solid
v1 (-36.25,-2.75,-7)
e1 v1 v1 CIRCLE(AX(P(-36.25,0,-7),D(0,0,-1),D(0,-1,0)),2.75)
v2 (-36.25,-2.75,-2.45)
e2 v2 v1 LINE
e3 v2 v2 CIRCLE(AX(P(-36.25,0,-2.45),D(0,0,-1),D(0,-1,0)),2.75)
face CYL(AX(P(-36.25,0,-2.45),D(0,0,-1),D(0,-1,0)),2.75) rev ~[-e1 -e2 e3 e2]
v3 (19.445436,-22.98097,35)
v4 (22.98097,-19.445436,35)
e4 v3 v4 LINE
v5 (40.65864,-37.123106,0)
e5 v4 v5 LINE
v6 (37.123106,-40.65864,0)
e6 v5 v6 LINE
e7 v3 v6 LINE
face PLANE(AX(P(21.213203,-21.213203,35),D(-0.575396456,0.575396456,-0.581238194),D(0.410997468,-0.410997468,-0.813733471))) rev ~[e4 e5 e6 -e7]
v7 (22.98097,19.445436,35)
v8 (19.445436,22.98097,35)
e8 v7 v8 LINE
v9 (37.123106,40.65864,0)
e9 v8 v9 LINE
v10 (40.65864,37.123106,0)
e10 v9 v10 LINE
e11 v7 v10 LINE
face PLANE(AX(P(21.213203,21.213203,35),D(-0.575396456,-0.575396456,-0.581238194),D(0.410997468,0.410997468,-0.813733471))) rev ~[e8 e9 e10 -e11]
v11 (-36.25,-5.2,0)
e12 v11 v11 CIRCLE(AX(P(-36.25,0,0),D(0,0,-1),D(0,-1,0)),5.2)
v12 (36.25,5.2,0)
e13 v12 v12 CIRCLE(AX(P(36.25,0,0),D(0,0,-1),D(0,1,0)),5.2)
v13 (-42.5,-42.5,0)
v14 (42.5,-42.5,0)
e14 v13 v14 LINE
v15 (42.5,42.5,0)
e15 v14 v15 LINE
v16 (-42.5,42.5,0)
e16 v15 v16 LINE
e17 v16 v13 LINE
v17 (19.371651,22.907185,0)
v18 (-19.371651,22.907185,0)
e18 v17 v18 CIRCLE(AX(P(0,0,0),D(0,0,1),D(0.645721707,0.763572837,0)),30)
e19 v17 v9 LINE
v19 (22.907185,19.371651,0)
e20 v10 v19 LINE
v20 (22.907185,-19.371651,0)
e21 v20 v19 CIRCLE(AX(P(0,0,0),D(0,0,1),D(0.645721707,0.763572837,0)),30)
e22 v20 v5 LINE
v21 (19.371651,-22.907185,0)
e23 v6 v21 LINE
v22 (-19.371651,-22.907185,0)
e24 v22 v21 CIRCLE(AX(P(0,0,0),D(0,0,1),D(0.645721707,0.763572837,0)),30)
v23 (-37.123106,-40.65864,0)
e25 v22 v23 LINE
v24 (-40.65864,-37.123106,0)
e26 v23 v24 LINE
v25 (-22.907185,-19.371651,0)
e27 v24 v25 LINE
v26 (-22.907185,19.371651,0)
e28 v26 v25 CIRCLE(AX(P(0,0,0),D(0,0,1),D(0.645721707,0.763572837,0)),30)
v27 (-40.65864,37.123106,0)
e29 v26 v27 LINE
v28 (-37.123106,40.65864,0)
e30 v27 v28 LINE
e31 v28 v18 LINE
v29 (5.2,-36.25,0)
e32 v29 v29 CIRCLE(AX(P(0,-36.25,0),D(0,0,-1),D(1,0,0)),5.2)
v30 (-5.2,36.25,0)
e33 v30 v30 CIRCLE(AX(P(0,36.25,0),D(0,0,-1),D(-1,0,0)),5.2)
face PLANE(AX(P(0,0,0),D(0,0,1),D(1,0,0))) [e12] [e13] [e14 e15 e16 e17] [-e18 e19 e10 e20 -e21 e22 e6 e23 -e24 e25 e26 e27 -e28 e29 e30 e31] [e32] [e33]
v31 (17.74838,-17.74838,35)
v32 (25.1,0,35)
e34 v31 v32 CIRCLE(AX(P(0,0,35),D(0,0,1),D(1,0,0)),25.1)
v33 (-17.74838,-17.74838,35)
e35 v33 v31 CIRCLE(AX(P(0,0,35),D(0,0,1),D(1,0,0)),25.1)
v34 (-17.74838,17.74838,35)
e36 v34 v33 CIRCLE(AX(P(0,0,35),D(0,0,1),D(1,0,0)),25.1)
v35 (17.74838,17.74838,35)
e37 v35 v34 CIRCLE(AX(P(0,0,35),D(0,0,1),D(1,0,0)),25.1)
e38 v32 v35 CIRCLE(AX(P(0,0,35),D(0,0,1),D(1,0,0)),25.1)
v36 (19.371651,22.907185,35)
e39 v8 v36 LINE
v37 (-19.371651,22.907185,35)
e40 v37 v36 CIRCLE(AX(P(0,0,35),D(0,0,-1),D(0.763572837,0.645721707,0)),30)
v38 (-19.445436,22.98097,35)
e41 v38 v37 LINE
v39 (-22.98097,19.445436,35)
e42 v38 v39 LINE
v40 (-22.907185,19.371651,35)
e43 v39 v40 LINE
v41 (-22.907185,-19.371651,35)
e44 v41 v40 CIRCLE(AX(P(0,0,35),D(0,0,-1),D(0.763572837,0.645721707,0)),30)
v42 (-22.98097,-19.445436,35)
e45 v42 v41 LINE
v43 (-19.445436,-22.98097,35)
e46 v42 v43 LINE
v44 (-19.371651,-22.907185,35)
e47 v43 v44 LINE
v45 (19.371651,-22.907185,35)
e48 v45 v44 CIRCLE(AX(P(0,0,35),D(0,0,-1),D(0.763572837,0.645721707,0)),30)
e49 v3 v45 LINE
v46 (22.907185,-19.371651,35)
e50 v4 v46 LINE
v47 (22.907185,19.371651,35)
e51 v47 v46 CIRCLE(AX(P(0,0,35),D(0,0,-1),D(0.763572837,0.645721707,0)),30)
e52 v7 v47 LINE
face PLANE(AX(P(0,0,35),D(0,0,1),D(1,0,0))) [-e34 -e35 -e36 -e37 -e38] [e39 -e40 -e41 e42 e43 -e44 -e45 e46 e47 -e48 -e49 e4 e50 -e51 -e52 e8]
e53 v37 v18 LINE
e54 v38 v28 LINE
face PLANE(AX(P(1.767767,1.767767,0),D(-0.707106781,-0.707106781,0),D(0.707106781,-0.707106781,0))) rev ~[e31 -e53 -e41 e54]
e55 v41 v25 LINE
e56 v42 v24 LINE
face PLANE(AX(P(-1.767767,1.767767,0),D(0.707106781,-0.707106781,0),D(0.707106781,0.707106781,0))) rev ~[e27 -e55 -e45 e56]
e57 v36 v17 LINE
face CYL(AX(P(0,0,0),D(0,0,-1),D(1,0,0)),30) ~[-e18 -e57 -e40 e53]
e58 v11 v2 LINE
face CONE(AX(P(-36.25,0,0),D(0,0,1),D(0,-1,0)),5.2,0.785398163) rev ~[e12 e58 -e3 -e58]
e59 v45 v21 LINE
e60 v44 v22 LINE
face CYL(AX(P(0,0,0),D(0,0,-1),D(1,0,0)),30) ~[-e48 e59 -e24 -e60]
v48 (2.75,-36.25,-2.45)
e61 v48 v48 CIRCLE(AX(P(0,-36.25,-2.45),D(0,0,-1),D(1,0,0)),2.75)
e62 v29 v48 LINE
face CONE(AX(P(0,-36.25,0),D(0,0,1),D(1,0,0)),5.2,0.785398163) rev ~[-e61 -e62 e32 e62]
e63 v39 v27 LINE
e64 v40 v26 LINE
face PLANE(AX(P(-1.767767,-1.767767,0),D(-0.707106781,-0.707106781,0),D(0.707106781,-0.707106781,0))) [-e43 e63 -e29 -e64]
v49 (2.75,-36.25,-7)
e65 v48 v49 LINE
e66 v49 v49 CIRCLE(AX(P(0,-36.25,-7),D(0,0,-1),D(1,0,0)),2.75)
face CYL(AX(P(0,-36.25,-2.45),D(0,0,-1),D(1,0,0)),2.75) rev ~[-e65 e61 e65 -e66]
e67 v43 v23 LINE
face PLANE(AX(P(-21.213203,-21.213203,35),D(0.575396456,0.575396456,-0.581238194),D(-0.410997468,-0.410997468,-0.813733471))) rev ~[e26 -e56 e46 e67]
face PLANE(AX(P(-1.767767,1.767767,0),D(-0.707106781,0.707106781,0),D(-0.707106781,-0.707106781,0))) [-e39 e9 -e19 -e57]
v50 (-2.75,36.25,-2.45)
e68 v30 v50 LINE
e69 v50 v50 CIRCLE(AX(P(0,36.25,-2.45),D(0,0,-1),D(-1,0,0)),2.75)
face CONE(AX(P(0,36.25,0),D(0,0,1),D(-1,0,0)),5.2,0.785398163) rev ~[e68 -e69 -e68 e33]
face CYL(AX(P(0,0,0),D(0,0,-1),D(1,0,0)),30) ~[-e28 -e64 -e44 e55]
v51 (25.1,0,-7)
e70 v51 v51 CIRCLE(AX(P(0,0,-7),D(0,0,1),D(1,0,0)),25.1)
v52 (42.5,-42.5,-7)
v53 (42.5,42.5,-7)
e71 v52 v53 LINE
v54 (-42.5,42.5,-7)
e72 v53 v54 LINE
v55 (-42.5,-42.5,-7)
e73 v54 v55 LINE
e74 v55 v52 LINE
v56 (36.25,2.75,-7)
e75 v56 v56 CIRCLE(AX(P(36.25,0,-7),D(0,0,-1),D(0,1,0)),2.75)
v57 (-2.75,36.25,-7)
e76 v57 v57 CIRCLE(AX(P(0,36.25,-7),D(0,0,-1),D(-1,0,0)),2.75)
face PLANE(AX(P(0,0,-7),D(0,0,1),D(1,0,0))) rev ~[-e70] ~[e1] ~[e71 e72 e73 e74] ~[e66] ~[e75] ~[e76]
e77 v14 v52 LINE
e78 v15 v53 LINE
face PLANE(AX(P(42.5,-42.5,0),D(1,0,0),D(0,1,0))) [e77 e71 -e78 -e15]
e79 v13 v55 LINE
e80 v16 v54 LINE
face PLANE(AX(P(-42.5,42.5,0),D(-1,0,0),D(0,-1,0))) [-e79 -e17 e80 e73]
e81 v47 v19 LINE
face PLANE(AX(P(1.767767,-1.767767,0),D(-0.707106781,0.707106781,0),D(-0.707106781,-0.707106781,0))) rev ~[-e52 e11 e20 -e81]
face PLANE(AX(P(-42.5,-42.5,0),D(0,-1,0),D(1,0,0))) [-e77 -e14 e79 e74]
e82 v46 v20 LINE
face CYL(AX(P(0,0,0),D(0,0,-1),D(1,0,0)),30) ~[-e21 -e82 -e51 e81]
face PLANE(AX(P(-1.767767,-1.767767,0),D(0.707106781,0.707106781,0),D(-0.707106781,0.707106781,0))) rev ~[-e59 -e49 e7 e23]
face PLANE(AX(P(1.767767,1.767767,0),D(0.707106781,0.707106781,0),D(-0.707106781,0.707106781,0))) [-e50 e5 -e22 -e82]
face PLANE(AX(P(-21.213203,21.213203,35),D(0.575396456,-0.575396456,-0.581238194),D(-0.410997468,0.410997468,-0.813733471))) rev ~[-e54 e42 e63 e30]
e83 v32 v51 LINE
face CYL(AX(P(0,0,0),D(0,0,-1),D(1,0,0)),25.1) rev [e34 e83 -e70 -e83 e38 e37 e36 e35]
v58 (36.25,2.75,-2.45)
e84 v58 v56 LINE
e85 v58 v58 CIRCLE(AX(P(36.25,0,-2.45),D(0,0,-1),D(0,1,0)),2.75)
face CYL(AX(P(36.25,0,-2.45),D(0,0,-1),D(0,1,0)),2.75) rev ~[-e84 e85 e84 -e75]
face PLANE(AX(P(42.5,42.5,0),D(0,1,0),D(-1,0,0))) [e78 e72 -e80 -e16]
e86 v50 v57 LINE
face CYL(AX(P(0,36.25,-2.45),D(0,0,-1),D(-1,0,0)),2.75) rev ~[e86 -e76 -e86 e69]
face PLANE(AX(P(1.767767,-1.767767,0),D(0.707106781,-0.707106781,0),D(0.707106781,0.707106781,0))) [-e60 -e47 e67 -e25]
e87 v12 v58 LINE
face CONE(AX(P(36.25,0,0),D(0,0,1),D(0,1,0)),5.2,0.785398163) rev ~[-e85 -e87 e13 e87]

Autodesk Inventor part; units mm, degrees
ref_plane "YZ Plane" through (0, 0, 0) normal (1, 0, 0) x (0, 1, 0)
ref_plane "XY Plane" through (0, 0, 0) normal (0, 0, 1) x (1, 0, 0)
sketch "Skizze1" plane through (0, 0, 0) normal (0, 0, 1) x (1, 0, 0)
  circle A0 centre (0, 0) radius 25.1
  circle A1 centre (0, 0) radius 30
  line L0 (-42.5, -42.5) -> (42.5, -42.5)
  line L1 (42.5, -42.5) -> (42.5, 42.5)
  line L2 (42.5, 42.5) -> (-42.5, 42.5)
  line L3 (-42.5, 42.5) -> (-42.5, -42.5)
  line L4 (-42.5, -42.5) -> (42.5, 42.5) construction
  line L5 (42.5, -42.5) -> (-42.5, 42.5) construction
  dimension "d0" = 50.2
  dimension "d2" = 60
  dimension "d25" = 85
  dimension "d26" = 85
extrude "Extrusion1" add sketch "Skizze1" against normal blind 7 contours A1 | L3 L2 L1 L0
extrude "Extrusion2" add sketch "Skizze1" along normal blind 35 contours A1
ref_plane "Arbeitsebene1" through (0, 0, 0) normal (-0.7071, 0.7071, 0) x (0, 0, 1)
sketch "Skizze2" plane through (0, 0, 0) normal (-0.7071, 0.7071, 0) x (-0.7071, -0.7071, 0)
  line L0 (25.1, 35) -> (30, 35) projected
  line L1 (30, 35) -> (30, 0) projected
  line L2 (-30, 0) -> (-30, 35) projected
  line L3 (-30, 35) -> (-25.1, 35) projected
  line L4 (-30, 35) -> (-30, 0)
  line L5 (-30, 5) -> (-30, 35)
  line L6 (0, -15.4) -> (0, 43.4) projected
  line L7 (25.1, -7) -> (25.1, 35) projected
  line L8 (-25.1, 35) -> (-25.1, -7) projected
  line L9 (-60.1041, 0) -> (-30, 0) projected
  line L10 (30, 0) -> (60.1041, 0) projected
  line L11 (-60.1041, -7) -> (-60.1041, 0) projected
  line L12 (-25.1, -7) -> (-60.1041, -7) projected
  line L13 (60.1041, 0) -> (60.1041, -7) projected
  line L14 (60.1041, -7) -> (25.1, -7) projected
  line L15 (-30, 35) -> (-55, 0)
  line L16 (-30, 0) -> (-55, 0)
  line L17 (-30, 0) -> (-25.1, 0)
  line L18 (-25.1, 0) -> (-25.1, 35)
  line L19 (-25.1, 35) -> (-30, 35)
  line L20 (-30, 35) -> (-30, 0)
  point P0 (0, 0)
  point P1 (-42.5, -7)
  point P2 (0, 0)
  dimension "d28" = 25
extrude "Extrusion3" add sketch "Skizze2" along normal mid plane 5 contours L9 L15 L2 | L2 L3 L8 L17
pattern_circular "Runde Anordnung1" count 4 over 360 about axis through (0, 0, -10) along (0, 0, 1) of "Extrusion3"
sketch "Skizze3" plane through (0, 0, 0) normal (0, 0, 1) x (1, 0, 0)
  arc A0 (-19.3717, -22.9072) -> (19.3717, -22.9072) centre (0, 0) ccw projected
  arc A1 (-22.9072, 19.3717) -> (-22.9072, -19.3717) centre (0, 0) ccw projected
  arc A2 (22.9072, -19.3717) -> (22.9072, 19.3717) centre (0, 0) ccw projected
  line L0 (-42.5, 42.5) -> (-42.5, -42.5) projected
  circle A3 centre (0, 0) radius 42.5 construction
  circle A4 centre (0, 0) radius 30 construction
  circle A5 centre (0, 0) radius 36.25
  point P0 (-36.25, 0)
  dimension "d31" = 72.5
  dimension "d29" = 60
  dimension "d30" = 85
hole "Bohrung2" at (-36.25, 0, 0) direction (0, 0, -1) diameter 5.5 end through all countersink diameter 10.4 countersink angle 90 clearance for "Flachkopfsenkschraube DIN EN ISO 2009" size "M5" standard "DIN"
pattern_circular "Runde Anordnung3" count 4 over 360 about axis through (0, 0, -10) along (0, 0, 1) of "Bohrung2"
equation "\"d0\" = ht_diameter + 2 * gap_fit"
equation "\"kg_thickness\" = 4.9"
equation "\"ht_thickness\" = 1.9"
equation "\"case_thickness\" = 18"
equation "\"gap_fit\" = 0.1"
equation "\"gap_slide\" = 0.2"
equation "\"gap_air\" = 1"
equation "\"bore_diameter\" = 73"
equation "\"mdf_thickness\" = 6"
equation "\"tape_thickness\" = 3"
equation "\"tape_width\" = 15"
equation "\"inner_thickness\" = 15"
equation "\"inner_depth\" = 255"
equation "\"ht_diameter\" = 50"
properties part number "Zyklon_Flansch"
